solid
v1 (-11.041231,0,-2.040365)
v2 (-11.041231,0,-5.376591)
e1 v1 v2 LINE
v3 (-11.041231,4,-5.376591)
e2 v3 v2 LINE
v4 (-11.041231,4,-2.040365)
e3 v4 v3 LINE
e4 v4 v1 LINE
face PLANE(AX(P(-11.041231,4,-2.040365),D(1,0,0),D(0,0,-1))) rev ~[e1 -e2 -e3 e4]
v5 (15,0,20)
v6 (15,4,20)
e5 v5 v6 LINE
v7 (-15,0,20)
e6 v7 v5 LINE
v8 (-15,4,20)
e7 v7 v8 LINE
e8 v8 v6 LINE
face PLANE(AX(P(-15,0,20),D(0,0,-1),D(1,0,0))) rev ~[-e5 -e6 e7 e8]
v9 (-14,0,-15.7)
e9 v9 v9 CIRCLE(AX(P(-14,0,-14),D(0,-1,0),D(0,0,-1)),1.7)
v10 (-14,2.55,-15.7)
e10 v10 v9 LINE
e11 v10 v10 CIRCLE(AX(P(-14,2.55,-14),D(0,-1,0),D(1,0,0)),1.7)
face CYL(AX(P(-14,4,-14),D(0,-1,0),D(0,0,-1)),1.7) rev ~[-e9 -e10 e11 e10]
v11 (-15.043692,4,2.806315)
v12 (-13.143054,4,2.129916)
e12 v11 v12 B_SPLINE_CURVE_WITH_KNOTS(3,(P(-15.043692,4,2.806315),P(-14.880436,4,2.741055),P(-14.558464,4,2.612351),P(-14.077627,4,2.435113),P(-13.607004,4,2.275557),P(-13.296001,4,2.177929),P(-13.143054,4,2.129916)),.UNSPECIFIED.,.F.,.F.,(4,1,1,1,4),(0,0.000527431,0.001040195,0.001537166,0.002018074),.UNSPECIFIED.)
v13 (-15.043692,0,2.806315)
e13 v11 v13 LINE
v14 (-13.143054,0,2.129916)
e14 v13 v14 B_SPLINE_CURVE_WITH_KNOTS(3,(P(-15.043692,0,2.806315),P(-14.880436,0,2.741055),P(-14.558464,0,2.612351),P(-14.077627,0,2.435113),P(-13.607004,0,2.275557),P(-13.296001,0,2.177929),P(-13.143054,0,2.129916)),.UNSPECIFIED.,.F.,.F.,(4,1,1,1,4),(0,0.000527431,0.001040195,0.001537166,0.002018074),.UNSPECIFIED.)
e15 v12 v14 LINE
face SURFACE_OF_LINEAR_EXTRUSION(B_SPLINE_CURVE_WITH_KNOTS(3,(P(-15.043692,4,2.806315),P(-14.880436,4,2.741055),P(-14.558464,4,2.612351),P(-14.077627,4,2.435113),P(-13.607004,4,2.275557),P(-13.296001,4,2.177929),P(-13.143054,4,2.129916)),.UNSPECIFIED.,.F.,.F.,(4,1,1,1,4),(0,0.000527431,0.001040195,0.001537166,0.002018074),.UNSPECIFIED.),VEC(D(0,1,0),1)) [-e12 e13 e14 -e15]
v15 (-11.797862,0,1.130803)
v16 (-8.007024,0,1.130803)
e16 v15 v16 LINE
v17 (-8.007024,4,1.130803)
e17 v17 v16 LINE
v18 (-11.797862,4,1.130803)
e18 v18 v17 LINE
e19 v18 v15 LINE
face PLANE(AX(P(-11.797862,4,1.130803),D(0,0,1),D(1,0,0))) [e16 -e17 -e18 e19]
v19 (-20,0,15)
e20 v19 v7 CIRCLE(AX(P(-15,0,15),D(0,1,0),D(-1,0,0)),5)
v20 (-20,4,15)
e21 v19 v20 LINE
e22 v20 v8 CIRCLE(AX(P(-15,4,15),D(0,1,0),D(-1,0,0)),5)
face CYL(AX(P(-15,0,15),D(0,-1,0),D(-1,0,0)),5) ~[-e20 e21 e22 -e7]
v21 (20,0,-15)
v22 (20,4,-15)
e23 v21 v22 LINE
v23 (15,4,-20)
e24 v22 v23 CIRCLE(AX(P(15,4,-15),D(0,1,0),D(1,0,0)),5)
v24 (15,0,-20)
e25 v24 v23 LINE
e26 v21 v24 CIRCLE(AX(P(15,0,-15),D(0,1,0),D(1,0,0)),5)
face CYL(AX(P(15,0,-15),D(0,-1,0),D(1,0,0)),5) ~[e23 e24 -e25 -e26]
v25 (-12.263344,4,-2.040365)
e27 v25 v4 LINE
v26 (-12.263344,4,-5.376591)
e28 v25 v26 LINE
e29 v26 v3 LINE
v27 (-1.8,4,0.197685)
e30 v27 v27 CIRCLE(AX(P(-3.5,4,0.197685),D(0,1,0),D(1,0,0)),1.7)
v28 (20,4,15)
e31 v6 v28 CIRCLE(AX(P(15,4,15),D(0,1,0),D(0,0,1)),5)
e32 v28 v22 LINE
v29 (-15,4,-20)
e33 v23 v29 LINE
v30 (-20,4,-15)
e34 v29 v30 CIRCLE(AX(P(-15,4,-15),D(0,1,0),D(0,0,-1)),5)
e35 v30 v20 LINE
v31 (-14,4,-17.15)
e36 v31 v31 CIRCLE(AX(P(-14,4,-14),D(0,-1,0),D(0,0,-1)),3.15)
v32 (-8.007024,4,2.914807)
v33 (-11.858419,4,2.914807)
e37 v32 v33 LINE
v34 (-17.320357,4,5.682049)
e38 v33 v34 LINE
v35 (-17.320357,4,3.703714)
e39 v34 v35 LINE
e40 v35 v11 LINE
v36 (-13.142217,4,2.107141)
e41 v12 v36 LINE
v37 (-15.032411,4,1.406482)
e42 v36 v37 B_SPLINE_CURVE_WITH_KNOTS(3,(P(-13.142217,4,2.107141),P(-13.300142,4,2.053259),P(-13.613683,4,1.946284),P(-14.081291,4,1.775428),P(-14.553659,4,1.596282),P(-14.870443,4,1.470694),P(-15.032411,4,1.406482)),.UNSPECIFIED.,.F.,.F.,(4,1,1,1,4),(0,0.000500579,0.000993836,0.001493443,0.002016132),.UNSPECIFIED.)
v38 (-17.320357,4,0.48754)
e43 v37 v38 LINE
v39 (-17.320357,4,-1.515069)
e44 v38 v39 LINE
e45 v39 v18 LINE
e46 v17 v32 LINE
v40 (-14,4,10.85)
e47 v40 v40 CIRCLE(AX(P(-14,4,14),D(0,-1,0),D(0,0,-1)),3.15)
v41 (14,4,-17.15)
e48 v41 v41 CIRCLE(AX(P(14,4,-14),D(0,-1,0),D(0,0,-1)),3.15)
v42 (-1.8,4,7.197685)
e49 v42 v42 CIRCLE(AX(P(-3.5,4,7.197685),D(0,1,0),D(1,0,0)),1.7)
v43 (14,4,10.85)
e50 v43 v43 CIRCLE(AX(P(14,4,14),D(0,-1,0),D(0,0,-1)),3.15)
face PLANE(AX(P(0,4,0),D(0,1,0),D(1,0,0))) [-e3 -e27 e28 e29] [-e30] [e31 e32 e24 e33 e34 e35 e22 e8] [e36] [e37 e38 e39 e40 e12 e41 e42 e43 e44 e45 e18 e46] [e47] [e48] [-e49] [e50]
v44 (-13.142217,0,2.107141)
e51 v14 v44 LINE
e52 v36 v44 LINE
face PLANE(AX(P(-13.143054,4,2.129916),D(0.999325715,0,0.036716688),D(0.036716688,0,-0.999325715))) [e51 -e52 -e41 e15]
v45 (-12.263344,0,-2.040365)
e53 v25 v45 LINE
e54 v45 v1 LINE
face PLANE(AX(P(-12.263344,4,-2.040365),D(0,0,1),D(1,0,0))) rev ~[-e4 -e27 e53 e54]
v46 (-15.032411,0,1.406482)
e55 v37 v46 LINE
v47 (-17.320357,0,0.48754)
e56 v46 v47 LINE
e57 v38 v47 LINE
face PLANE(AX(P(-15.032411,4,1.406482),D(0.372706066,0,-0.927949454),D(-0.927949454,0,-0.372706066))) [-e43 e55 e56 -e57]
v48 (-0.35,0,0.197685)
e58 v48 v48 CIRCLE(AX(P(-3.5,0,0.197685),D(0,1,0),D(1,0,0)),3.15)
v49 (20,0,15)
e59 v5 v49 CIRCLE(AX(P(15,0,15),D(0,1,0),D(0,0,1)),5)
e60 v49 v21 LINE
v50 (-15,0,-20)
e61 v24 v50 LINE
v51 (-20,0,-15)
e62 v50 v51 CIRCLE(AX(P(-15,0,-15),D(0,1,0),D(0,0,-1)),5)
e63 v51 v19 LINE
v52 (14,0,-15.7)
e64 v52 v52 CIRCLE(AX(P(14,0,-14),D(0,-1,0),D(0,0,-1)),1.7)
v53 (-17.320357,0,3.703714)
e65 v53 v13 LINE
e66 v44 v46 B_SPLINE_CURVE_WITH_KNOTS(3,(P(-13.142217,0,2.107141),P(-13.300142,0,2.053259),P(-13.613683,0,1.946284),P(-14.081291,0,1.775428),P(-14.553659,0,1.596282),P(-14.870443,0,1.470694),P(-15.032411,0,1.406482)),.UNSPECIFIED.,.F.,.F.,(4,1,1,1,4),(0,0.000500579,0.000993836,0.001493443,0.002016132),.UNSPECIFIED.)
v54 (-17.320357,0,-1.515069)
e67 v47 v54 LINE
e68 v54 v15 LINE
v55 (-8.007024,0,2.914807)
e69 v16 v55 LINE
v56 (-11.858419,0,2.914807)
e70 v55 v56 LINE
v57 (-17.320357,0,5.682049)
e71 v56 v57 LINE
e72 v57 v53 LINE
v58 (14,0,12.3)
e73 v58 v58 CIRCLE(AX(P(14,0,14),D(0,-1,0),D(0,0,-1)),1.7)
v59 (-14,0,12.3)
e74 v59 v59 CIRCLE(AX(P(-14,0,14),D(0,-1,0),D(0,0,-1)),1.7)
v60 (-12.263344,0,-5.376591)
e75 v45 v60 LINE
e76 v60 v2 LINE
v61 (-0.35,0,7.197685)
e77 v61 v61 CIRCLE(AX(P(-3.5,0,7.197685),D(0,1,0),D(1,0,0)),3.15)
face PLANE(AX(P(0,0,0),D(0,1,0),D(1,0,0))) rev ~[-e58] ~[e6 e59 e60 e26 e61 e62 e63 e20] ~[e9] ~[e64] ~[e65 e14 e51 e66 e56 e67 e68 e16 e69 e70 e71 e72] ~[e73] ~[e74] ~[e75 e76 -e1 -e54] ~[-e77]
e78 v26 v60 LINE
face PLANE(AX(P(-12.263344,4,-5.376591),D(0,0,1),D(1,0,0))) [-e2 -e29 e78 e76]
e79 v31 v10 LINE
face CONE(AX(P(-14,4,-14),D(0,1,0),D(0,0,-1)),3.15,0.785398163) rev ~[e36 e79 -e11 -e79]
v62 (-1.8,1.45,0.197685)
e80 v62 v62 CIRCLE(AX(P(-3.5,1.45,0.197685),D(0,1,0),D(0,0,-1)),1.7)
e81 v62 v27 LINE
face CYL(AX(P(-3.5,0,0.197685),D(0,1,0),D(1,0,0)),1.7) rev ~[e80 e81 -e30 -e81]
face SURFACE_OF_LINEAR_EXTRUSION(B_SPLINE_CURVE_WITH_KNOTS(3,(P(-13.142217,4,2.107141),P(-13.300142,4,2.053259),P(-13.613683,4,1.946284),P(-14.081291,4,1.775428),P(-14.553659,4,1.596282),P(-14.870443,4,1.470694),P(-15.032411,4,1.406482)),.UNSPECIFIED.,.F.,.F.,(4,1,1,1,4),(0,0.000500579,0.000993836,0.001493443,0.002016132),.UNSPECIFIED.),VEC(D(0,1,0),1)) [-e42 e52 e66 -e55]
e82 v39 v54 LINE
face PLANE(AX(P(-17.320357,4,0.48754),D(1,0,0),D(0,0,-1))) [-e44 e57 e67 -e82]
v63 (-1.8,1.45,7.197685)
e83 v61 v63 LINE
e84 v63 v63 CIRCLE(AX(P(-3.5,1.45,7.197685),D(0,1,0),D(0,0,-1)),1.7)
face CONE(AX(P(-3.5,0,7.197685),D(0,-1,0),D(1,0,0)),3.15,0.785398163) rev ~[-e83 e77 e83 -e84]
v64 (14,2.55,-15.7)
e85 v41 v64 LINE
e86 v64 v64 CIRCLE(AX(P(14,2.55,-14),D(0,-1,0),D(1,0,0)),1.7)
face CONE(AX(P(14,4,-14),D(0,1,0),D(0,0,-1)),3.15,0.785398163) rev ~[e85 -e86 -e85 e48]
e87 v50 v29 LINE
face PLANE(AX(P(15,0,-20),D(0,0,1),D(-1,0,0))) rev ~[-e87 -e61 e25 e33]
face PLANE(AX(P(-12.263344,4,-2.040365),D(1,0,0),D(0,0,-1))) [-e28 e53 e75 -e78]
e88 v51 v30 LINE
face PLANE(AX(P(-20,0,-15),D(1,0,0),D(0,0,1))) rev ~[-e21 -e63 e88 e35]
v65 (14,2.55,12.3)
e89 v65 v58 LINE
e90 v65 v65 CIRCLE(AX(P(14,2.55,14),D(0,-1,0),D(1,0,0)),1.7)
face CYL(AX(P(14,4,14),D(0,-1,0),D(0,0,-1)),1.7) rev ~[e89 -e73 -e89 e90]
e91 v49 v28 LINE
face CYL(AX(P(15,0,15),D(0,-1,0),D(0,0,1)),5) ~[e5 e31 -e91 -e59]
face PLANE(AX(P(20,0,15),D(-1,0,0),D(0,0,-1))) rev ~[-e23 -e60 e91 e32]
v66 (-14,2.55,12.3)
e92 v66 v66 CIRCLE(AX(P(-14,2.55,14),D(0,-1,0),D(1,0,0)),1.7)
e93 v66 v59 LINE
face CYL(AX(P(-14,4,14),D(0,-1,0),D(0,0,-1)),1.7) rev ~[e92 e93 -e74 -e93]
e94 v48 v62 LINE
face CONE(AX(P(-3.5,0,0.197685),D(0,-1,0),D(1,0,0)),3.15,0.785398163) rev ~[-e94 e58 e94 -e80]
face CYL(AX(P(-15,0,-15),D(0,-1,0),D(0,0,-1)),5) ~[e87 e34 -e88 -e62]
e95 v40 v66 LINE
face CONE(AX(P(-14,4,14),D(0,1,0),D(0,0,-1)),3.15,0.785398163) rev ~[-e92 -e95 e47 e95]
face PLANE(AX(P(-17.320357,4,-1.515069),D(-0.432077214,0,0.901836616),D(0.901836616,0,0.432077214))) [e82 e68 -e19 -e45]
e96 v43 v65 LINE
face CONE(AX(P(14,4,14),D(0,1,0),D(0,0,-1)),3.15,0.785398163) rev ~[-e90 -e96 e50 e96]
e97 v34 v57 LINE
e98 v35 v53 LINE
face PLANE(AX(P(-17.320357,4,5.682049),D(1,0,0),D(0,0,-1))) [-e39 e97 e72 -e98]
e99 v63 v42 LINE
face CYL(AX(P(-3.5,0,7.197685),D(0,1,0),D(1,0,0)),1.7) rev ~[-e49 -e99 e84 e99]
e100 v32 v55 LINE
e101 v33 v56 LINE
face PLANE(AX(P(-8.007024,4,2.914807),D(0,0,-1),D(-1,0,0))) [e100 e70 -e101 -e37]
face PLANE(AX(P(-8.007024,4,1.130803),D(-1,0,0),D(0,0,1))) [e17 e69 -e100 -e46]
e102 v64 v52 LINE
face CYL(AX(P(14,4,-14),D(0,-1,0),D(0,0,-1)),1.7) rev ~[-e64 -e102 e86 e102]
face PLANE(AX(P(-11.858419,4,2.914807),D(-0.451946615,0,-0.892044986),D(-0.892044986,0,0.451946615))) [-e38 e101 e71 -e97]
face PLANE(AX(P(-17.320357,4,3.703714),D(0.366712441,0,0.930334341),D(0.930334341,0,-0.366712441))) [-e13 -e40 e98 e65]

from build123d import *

# Parameters (mm, degrees)
BOSS_EXTRUDE1_DEPTH                                 = 4
CSK_FOR_M3_COUNTERSUNK_FLAT_HEAD_SCREW1_D           = 3.4
CSK_FOR_M3_COUNTERSUNK_FLAT_HEAD_SCREW1_CSINK_D     = 6.3
CSK_FOR_M3_COUNTERSUNK_FLAT_HEAD_SCREW1_CSINK_ANGLE = 90
CSK_FOR_M3_COUNTERSUNK_FLAT_HEAD_SCREW2_D           = 3.4
CSK_FOR_M3_COUNTERSUNK_FLAT_HEAD_SCREW2_CSINK_D     = 6.3
CSK_FOR_M3_COUNTERSUNK_FLAT_HEAD_SCREW2_CSINK_ANGLE = 90
SKETCH7_W                                           = 1.222113554
SKETCH7_H                                           = 3.336226563
CUT_EXTRUDE1_DEPTH                                  = 4


with BuildPart() as part:
    # Sketch1 → Boss-Extrude1 (new body)
    with BuildSketch(Plane(origin=(0, 0, 0), x_dir=(1, 0, 0), z_dir=(0, 1, 0))):
        with BuildLine():
            Line((-15, -20), (15, -20))
            ThreePointArc((15, -20), (18.535533906, -18.535533906), (20, -15))
            Line((20, -15), (20, 15))
            ThreePointArc((20, 15), (18.535533906, 18.535533906), (15, 20))
            Line((15, 20), (-15, 20))
            ThreePointArc((-15, 20), (-18.535533906, 18.535533906), (-20, 15))
            Line((-20, 15), (-20, -15))
            ThreePointArc((-20, -15), (-18.535533906, -18.535533906), (-15, -20))
        make_face()
    extrude(amount=BOSS_EXTRUDE1_DEPTH)

    # CSK for M3 Countersunk Flat Head Screw1 (through all)
    with Locations(Plane(origin=(-14, 4, -14), x_dir=(0, 0, 1), z_dir=(0, 1, 0))):
        with Locations((0, 0), (0, 28), (28, 28), (28, 0)):
            CounterSinkHole(CSK_FOR_M3_COUNTERSUNK_FLAT_HEAD_SCREW1_D / 2, CSK_FOR_M3_COUNTERSUNK_FLAT_HEAD_SCREW1_CSINK_D / 2, counter_sink_angle=CSK_FOR_M3_COUNTERSUNK_FLAT_HEAD_SCREW1_CSINK_ANGLE)

    # CSK for M3 Countersunk Flat Head Screw2 (through all)
    with Locations(Plane(origin=(0, 0, 0), x_dir=(-1, 0, 0), z_dir=(0, -1, 0))):
        with Locations((3.5, -0.1976847), (3.5, -7.1976847)):
            CounterSinkHole(CSK_FOR_M3_COUNTERSUNK_FLAT_HEAD_SCREW2_D / 2, CSK_FOR_M3_COUNTERSUNK_FLAT_HEAD_SCREW2_CSINK_D / 2, counter_sink_angle=CSK_FOR_M3_COUNTERSUNK_FLAT_HEAD_SCREW2_CSINK_ANGLE)

    # Sketch7 → Cut-Extrude1 (cut)
    with BuildSketch(Plane(origin=(0, 4, 0), x_dir=(1, 0, 0), z_dir=(0, 1, 0))):
        with Locations((-11.652287397, 3.708478162)):
            Rectangle(SKETCH7_W, SKETCH7_H)
        with BuildLine():
            add(Edge.make_bspline(
                [(-15.043692162, -2.806314504), (-14.880436161, -2.741055239), (-14.5584639, -2.612351406), (-14.077627456, -2.435113354), (-13.607003536, -2.275557203), (-13.296000815, -2.177928582), (-13.143053989, -2.129916179)],
                knots=[0, 0, 0, 0, 0.000527431, 0.001040195, 0.001537166, 0.002018074, 0.002018074, 0.002018074, 0.002018074], degree=3))
            Line((-13.143053989, -2.129916179), (-13.142217189, -2.10714082))
            add(Edge.make_bspline(
                [(-13.142217189, -2.10714082), (-13.300142366, -2.053259121), (-13.613682824, -1.946283823), (-14.081290903, -1.775427697), (-14.553659216, -1.59628161), (-14.870442844, -1.470693808), (-15.032410797, -1.406482159)],
                knots=[0, 0, 0, 0, 0.000500579, 0.000993836, 0.001493443, 0.002016132, 0.002016132, 0.002016132, 0.002016132], degree=3))
            Line((-15.032410797, -1.406482159), (-17.320356965, -0.487540494))
            Line((-17.320356965, -0.487540494), (-17.320356965, 1.515068939))
            Line((-17.320356965, 1.515068939), (-11.797862272, -1.130802918))
            Line((-11.797862272, -1.130802918), (-8.007023631, -1.130802918))
            Line((-8.007023631, -1.130802918), (-8.007023631, -2.914806972))
            Line((-8.007023631, -2.914806972), (-11.858418799, -2.914806972))
            Line((-11.858418799, -2.914806972), (-17.320356965, -5.682049098))
            Line((-17.320356965, -5.682049098), (-17.320356965, -3.703713718))
            Line((-17.320356965, -3.703713718), (-15.043692162, -2.806314504))
        make_face()
    extrude(amount=-CUT_EXTRUDE1_DEPTH, mode=Mode.SUBTRACT)


solid = part.part
